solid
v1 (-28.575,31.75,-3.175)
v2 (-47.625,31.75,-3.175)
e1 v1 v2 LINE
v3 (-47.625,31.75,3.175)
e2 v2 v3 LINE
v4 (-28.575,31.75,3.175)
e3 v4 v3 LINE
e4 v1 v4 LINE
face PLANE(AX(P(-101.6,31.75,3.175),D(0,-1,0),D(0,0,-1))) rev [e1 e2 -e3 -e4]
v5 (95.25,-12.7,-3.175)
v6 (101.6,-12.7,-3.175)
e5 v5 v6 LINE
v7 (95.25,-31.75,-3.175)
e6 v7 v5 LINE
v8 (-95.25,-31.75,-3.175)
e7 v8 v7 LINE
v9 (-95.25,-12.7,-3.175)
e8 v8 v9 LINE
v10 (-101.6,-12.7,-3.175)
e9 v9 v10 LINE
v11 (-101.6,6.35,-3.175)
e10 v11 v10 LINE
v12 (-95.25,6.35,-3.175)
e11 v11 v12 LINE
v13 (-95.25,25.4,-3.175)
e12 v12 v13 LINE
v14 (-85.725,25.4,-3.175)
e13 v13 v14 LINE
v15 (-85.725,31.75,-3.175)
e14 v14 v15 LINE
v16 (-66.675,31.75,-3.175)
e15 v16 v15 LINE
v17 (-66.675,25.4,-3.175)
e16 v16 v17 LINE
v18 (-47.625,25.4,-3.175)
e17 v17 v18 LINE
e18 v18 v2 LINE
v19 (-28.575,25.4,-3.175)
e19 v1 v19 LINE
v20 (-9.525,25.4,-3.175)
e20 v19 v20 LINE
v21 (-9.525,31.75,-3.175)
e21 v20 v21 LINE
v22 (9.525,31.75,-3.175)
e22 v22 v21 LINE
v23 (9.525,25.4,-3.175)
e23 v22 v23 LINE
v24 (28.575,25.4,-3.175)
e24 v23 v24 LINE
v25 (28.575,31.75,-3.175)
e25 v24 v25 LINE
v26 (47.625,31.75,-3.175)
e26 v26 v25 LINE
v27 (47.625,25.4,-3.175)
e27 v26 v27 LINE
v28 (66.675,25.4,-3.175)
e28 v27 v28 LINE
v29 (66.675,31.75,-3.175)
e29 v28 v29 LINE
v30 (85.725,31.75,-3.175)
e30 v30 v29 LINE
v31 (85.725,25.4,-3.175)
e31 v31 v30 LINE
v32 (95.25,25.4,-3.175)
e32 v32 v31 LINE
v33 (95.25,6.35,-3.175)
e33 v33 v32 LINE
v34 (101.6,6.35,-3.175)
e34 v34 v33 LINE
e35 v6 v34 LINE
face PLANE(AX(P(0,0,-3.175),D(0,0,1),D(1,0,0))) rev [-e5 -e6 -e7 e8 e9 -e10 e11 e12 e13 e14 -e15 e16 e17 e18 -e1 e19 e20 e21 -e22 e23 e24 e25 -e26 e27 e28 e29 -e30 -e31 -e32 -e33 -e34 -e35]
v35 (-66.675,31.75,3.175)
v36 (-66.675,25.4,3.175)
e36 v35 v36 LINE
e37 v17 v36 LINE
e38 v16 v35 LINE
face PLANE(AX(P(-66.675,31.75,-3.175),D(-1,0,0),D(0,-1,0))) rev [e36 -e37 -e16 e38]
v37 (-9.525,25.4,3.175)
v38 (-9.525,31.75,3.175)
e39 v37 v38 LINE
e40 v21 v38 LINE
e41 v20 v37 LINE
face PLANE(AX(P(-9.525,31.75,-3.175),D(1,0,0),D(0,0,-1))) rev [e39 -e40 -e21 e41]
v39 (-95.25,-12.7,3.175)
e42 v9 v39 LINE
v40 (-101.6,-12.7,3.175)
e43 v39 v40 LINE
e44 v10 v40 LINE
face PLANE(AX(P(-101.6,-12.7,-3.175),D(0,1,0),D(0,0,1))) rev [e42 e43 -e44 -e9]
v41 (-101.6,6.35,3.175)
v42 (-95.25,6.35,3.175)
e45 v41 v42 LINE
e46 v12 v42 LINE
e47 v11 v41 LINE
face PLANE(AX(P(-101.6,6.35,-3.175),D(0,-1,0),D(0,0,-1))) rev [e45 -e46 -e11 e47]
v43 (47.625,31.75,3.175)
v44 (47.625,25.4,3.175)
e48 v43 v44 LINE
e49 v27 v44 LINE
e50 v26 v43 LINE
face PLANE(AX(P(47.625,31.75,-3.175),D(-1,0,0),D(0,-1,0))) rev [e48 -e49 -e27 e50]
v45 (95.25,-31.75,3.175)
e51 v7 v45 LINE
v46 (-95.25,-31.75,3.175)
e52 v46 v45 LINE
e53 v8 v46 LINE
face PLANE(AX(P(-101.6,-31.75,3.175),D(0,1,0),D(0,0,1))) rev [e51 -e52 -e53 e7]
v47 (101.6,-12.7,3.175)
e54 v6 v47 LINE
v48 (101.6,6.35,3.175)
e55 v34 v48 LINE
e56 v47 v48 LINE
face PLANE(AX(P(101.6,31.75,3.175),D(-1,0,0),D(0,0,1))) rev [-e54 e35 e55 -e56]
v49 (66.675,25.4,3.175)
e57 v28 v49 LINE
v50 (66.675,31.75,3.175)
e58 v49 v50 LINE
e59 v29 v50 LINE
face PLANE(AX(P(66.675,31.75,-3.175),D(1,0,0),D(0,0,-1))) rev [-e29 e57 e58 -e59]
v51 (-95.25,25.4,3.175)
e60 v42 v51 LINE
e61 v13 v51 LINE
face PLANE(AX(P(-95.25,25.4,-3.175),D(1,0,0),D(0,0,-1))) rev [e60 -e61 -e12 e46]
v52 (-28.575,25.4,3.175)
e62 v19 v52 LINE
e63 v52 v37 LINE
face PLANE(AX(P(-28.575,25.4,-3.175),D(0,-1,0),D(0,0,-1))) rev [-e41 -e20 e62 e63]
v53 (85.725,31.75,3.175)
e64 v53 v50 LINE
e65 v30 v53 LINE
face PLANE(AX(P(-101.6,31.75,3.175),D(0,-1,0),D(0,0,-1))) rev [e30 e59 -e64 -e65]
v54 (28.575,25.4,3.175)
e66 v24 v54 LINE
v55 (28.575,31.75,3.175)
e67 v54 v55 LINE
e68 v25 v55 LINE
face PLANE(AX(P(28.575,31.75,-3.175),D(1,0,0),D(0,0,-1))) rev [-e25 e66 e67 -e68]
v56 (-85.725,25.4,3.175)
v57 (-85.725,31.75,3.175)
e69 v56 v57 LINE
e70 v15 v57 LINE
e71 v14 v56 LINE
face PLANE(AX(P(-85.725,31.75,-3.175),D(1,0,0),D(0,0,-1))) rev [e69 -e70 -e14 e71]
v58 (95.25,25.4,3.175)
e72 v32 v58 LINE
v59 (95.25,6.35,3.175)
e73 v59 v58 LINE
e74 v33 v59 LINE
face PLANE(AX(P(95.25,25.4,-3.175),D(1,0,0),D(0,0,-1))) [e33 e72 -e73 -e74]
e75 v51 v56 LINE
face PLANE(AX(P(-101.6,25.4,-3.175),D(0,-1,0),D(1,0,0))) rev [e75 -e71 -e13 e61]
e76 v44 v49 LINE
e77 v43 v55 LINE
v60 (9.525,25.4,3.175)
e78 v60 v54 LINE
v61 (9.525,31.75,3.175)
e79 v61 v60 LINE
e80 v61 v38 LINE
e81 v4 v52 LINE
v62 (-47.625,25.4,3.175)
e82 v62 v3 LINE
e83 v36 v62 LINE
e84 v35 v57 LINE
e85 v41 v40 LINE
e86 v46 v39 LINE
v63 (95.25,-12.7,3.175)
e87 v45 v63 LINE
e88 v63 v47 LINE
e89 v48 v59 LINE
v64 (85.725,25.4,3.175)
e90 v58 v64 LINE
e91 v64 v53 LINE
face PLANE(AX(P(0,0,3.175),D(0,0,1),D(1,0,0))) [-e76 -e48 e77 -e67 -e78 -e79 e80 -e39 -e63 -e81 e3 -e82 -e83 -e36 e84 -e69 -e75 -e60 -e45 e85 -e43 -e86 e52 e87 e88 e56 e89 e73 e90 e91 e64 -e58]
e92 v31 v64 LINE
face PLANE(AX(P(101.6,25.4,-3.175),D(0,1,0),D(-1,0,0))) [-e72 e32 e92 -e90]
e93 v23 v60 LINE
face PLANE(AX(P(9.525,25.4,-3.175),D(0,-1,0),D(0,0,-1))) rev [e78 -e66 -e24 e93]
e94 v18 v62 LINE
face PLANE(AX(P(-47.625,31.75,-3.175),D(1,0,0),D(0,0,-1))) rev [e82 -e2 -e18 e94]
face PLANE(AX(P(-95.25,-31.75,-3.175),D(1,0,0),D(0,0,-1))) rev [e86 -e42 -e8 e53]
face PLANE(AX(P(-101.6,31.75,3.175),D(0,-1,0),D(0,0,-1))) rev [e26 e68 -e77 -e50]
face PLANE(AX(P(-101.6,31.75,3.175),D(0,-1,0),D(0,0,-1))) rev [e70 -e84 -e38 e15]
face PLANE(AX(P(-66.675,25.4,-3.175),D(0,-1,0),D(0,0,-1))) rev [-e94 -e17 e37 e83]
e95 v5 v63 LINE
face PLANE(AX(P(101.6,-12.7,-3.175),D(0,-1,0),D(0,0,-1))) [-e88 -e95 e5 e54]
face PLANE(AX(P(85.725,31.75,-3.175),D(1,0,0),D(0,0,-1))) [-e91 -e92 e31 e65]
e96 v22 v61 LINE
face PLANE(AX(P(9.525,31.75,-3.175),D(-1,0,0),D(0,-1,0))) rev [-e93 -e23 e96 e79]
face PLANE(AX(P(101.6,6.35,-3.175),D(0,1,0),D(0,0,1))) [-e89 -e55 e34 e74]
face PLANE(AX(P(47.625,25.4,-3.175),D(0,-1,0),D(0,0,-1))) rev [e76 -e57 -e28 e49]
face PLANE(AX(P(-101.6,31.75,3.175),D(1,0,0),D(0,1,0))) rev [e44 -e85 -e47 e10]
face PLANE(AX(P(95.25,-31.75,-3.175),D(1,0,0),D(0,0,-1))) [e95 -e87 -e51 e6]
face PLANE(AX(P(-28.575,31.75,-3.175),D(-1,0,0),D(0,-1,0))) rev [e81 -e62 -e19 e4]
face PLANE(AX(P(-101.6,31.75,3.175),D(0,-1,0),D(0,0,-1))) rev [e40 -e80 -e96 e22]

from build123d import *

# Parameters (mm, degrees)
SKETCH1_W           = 203.2
SKETCH1_H           = 63.5
BOSS_EXTRUDE1_DEPTH = 3.175
SKETCH2_W           = 15.875
SKETCH2_H           = 6.35
CUT_EXTRUDE1_DEPTH  = 107.634633211
SKETCH3_W           = 19.05
SKETCH3_H           = 6.35
CUT_EXTRUDE2_DEPTH  = 107.634633211
LPATTERN1_COUNT     = 4
LPATTERN1_PITCH     = 38.1
SKETCH4_W           = 6.35
SKETCH4_H           = 19.05
CUT_EXTRUDE3_DEPTH  = 107.634633211


with BuildPart() as part:
    # Sketch1 → Boss-Extrude1 (new, symmetric)
    with BuildSketch(Plane.XY):
        Rectangle(SKETCH1_W, SKETCH1_H)
    extrude(amount=BOSS_EXTRUDE1_DEPTH, both=True)

    # Sketch2 → Cut-Extrude1 (cut, through all)
    with BuildSketch(Plane.XY.offset(3.175)):
        with Locations((-93.6625, 28.575)):
            Rectangle(SKETCH2_W, SKETCH2_H)
    cut_extrude1 = extrude(amount=-CUT_EXTRUDE1_DEPTH, mode=Mode.SUBTRACT)

    # Mirror1: Cut-Extrude1 across plane
    add(cut_extrude1.mirror(Plane(origin=(0, 0, 0), x_dir=(0, 0, 1), z_dir=(1, 0, 0))), mode=Mode.SUBTRACT)

    # Sketch3 → Cut-Extrude2 (cut, through all)
    with BuildSketch(Plane.XY.offset(3.175)):
        with Locations((-57.15, 28.575)):
            Rectangle(SKETCH3_W, SKETCH3_H)
    cut_extrude2 = extrude(amount=-CUT_EXTRUDE2_DEPTH, mode=Mode.SUBTRACT)

    # LPattern1: Cut-Extrude2 ×4
    with Locations(*[(i * LPATTERN1_PITCH, 0, 0) for i in range(1, LPATTERN1_COUNT)]):
        add(cut_extrude2, mode=Mode.SUBTRACT)

    # Sketch4 → Cut-Extrude3 (cut, through all)
    with BuildSketch(Plane.XY.offset(3.175)):
        with Locations((-98.425, 15.875)):
            Rectangle(SKETCH4_W, SKETCH4_H)
        with Locations((-98.425, -22.225)):
            Rectangle(SKETCH4_W, SKETCH4_H)
    cut_extrude3 = extrude(amount=-CUT_EXTRUDE3_DEPTH, mode=Mode.SUBTRACT)

    # Mirror2: Cut-Extrude3 across plane
    add(cut_extrude3.mirror(Plane(origin=(0, 0, 0), x_dir=(0, 0, 1), z_dir=(1, 0, 0))), mode=Mode.SUBTRACT)


solid = part.part
